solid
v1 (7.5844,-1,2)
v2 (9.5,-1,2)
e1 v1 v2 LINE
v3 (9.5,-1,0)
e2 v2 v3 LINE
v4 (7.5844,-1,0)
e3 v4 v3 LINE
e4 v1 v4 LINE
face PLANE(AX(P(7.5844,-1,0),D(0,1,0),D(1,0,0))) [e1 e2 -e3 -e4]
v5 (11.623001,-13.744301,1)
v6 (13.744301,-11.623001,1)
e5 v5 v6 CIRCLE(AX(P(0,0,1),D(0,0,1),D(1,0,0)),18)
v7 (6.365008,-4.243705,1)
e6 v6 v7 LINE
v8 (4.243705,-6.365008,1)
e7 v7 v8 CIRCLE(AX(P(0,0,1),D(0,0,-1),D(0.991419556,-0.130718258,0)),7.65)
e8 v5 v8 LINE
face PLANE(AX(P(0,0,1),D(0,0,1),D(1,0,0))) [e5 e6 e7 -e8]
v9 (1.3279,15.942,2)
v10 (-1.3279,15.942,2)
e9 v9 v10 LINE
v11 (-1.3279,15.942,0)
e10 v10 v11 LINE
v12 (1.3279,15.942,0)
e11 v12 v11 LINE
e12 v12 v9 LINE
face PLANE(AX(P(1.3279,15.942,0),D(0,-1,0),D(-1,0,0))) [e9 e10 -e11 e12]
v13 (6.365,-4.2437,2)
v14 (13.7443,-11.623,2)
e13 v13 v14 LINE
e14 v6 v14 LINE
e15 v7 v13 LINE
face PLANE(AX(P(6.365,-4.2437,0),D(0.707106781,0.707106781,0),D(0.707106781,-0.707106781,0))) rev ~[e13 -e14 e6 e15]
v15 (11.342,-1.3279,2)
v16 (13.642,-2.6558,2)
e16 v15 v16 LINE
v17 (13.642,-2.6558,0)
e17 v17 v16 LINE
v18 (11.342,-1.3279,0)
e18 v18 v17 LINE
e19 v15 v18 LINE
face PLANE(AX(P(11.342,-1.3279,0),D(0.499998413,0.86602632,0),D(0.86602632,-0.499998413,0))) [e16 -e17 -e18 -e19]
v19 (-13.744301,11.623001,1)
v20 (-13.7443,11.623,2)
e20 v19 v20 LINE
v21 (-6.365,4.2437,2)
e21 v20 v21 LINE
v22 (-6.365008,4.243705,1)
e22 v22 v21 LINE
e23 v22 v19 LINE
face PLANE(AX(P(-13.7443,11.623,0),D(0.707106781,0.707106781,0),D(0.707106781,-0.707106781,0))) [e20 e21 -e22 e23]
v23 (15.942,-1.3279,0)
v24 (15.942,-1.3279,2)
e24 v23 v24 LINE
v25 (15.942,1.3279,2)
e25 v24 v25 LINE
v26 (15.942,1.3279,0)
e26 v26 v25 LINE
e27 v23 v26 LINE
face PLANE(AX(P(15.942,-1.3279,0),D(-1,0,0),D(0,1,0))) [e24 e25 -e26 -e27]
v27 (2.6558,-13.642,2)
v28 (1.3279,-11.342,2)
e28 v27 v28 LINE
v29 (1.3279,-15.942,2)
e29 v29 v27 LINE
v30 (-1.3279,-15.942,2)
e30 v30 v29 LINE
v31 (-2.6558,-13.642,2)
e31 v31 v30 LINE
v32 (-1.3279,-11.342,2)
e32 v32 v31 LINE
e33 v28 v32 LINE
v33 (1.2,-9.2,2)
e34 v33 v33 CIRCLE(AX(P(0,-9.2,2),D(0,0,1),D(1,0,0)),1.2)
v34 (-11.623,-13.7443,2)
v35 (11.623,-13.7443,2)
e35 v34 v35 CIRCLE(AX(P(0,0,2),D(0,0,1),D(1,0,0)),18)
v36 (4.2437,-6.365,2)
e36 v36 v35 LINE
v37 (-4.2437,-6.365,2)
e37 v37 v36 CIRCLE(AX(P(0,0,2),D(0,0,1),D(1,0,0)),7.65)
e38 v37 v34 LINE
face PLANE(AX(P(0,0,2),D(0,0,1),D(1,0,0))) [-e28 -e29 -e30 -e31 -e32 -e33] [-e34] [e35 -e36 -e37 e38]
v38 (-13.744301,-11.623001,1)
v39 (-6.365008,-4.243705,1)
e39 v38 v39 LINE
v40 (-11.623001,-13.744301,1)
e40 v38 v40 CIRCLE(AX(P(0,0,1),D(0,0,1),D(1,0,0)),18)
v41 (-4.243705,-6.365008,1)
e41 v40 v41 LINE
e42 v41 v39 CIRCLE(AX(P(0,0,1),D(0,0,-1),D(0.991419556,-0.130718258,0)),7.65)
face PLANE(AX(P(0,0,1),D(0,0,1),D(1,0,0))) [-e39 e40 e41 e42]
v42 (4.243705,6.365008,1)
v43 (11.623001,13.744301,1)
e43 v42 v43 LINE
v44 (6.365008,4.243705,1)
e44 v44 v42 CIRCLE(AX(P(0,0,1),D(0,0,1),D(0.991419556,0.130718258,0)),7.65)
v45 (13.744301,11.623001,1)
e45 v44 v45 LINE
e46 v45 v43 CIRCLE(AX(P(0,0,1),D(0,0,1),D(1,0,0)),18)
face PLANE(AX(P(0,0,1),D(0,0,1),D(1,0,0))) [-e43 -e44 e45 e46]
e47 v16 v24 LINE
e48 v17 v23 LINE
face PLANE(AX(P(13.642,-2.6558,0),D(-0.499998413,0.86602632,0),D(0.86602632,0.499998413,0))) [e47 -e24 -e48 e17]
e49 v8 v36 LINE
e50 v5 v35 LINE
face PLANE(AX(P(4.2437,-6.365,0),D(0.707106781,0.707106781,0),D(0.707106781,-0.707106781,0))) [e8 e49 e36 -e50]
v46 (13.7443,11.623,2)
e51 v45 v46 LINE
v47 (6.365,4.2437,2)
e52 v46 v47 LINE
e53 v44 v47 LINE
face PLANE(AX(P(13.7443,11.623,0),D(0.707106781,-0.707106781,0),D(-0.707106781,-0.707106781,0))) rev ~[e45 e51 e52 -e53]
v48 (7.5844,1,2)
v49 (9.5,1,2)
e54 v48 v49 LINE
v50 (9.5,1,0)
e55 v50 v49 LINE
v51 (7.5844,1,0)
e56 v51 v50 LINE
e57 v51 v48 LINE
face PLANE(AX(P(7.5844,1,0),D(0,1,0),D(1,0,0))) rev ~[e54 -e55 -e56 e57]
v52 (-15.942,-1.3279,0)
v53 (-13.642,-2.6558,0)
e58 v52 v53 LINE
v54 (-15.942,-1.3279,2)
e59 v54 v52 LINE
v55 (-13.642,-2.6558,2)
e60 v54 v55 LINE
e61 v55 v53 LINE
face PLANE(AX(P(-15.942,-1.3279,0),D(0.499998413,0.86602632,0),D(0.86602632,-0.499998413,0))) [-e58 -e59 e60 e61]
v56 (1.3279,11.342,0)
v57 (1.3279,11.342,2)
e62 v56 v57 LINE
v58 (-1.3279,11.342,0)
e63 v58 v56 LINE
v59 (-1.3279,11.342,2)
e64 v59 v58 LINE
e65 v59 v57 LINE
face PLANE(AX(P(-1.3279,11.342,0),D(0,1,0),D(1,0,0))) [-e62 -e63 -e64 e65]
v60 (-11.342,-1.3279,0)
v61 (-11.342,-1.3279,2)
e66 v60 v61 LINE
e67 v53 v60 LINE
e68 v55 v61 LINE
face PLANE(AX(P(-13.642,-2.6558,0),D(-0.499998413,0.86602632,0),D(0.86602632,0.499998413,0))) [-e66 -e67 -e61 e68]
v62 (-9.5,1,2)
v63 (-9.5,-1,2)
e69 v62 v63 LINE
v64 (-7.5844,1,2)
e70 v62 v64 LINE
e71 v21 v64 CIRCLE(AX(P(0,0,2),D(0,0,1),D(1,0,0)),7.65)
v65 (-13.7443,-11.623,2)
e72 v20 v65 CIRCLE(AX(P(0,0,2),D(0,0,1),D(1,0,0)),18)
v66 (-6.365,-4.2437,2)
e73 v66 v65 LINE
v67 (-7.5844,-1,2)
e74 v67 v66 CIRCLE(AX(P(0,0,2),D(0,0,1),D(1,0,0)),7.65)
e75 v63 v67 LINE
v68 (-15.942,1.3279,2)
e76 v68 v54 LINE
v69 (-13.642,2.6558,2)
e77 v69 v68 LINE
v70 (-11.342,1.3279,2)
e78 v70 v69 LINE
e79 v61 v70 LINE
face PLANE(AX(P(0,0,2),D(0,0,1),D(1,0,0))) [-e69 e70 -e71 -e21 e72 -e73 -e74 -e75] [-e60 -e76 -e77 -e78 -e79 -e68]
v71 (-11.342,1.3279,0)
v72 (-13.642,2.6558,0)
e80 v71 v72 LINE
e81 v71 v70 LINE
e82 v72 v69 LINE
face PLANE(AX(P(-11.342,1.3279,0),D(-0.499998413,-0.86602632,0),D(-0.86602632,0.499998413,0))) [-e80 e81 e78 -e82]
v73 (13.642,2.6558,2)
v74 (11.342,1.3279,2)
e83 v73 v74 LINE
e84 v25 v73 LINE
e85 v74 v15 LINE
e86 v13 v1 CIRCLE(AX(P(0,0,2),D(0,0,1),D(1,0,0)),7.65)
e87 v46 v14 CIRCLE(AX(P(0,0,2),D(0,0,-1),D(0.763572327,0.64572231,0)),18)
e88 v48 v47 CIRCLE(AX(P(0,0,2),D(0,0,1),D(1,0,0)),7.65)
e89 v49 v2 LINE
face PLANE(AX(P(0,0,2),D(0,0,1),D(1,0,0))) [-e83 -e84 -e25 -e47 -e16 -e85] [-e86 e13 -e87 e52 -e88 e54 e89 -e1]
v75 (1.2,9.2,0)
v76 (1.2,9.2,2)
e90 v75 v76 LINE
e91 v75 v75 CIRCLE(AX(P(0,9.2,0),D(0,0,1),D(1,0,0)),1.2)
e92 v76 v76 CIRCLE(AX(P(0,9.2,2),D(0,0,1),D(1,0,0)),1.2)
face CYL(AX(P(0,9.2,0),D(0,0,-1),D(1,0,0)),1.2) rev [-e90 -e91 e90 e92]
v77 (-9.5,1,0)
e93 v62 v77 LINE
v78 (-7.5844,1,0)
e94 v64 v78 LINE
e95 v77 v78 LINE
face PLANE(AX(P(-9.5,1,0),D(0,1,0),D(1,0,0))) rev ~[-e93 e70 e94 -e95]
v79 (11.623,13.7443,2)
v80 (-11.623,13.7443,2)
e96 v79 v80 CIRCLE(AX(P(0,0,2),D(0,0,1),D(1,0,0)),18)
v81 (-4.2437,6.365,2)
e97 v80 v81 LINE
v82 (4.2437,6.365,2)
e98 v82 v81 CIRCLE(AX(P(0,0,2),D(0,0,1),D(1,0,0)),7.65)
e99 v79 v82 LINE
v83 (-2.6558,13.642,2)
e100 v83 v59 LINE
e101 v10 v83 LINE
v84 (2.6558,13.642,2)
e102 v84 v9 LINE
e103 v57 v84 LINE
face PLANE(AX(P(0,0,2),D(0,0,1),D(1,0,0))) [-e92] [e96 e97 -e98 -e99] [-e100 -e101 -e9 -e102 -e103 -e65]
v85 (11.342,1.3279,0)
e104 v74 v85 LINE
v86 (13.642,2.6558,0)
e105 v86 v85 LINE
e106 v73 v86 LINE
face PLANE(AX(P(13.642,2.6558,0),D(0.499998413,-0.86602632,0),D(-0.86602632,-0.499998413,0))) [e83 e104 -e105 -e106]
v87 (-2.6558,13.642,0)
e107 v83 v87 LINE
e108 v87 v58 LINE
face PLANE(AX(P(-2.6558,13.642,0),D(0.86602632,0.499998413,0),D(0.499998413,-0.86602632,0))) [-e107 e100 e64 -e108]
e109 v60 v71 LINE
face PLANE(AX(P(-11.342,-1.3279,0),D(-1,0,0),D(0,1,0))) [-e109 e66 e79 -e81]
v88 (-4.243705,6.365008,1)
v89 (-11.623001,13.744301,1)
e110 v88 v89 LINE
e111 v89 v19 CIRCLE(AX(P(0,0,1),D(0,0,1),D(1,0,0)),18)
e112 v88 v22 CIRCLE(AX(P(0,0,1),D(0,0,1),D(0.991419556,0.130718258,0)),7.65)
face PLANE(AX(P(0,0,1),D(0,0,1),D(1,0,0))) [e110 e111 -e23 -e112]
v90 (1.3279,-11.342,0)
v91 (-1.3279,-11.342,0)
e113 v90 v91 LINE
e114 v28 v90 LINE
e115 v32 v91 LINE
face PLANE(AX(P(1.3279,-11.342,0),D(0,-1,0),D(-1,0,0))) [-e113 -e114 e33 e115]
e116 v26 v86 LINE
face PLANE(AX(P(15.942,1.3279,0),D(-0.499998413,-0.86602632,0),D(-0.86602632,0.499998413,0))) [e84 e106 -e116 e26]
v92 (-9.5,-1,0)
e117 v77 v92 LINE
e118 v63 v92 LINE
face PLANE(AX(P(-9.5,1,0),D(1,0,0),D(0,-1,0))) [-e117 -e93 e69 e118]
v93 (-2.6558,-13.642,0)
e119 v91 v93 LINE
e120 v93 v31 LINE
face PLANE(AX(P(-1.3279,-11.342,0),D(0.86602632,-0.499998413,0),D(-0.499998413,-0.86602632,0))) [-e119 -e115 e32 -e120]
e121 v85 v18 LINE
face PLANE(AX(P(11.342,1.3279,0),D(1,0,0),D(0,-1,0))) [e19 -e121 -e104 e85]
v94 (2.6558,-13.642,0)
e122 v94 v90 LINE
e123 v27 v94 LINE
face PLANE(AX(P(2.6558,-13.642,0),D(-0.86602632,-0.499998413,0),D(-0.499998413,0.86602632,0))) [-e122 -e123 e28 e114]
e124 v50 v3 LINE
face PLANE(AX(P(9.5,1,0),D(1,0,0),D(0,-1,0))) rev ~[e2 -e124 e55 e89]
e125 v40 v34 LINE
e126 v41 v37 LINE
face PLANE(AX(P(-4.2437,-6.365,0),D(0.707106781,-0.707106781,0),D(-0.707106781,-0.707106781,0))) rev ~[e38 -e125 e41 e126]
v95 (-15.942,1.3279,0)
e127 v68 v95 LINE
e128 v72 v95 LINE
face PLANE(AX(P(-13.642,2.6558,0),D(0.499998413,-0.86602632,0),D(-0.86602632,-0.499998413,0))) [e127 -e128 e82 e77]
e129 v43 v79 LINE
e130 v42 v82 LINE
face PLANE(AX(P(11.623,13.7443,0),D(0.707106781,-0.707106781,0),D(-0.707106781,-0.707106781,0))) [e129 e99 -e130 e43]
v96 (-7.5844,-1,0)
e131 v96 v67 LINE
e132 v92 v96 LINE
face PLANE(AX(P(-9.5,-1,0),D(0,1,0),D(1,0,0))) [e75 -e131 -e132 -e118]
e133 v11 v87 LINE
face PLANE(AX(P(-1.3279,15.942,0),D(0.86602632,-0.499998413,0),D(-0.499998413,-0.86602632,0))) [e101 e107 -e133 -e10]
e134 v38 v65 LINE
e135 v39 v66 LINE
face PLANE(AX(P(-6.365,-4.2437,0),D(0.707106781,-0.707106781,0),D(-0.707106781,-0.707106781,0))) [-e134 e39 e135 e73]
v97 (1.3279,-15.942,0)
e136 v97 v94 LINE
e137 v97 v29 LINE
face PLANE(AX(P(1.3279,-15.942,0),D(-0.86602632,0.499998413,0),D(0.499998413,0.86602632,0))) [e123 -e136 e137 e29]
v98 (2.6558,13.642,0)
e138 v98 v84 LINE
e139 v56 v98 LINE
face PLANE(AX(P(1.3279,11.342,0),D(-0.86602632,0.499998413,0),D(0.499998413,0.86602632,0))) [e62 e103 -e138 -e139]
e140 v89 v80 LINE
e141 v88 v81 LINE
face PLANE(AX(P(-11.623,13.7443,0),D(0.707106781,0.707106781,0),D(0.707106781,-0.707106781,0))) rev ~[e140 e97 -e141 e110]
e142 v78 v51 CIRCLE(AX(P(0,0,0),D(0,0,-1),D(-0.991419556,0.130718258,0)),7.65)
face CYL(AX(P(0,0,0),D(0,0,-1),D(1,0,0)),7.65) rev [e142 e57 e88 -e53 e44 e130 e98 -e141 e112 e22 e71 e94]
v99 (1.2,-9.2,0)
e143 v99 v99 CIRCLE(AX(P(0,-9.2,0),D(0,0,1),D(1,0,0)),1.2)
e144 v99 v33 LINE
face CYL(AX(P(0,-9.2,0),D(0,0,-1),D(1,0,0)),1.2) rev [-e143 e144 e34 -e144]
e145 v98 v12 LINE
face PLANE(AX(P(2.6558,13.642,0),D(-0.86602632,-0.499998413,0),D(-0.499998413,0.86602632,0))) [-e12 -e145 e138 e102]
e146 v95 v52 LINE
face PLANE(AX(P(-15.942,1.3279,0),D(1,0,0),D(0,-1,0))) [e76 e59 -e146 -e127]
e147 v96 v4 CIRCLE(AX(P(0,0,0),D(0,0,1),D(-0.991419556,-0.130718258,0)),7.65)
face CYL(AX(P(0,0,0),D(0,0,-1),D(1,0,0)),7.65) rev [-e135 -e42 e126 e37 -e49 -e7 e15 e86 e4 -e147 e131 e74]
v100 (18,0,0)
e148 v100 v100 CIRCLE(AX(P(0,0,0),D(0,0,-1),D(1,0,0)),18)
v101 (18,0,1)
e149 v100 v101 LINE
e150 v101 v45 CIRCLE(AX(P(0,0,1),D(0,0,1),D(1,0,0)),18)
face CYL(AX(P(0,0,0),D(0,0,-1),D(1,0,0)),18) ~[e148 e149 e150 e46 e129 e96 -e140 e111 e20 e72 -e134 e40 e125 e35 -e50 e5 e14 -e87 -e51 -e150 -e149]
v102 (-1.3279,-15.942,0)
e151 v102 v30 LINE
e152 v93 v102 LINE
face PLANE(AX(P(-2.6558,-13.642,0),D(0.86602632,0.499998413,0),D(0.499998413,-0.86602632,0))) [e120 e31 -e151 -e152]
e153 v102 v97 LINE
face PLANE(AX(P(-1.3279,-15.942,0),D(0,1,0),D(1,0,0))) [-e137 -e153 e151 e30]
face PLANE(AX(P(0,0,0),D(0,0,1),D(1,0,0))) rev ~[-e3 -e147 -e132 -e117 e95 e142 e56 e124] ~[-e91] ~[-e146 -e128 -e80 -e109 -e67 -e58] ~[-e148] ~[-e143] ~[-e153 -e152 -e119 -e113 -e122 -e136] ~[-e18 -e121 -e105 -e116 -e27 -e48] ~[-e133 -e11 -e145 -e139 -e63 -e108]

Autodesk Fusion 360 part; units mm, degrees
sketch "Skizze1" plane through (0, 0, 0) normal (0, 0, 1) x (1, 0, 0)
  line L0 (-52.7529, 0) -> (57.0438, 0) construction
  line L1 (0, 51.8694) -> (0, -58.6844) construction
  circle A0 centre (0, 0) radius 7.65
  circle A1 centre (0, 0) radius 18
  circle A2 centre (0, 0) radius 9.2 construction
  circle A3 centre (0, 9.2) radius 1.2
  circle A4 centre (0, -9.2) radius 1.2
  line L2 (-14.9273, 14.9273) -> (19.3405, -19.3405) construction
  line L3 (16.2492, 16.2492) -> (-21.9212, -21.9212) construction
  circle A5 centre (0, 0) radius 13.642 construction
  line L4 (-1.3279, 15.942) -> (-2.6558, 13.642)
  line L5 (-2.6558, 13.642) -> (-1.3279, 11.342)
  line L6 (-1.3279, 11.342) -> (1.3279, 11.342)
  line L7 (1.3279, 11.342) -> (2.6558, 13.642)
  line L8 (2.6558, 13.642) -> (1.3279, 15.942)
  line L9 (1.3279, 15.942) -> (-1.3279, 15.942)
  line L10 (-15.942, -1.3279) -> (-13.642, -2.6558)
  line L11 (-13.642, -2.6558) -> (-11.342, -1.3279)
  line L12 (-11.342, -1.3279) -> (-11.342, 1.3279)
  line L13 (-11.342, 1.3279) -> (-13.642, 2.6558)
  line L14 (-13.642, 2.6558) -> (-15.942, 1.3279)
  line L15 (-15.942, 1.3279) -> (-15.942, -1.3279)
  line L16 (1.3279, -15.942) -> (2.6558, -13.642)
  line L17 (2.6558, -13.642) -> (1.3279, -11.342)
  line L18 (1.3279, -11.342) -> (-1.3279, -11.342)
  line L19 (-1.3279, -11.342) -> (-2.6558, -13.642)
  line L20 (-2.6558, -13.642) -> (-1.3279, -15.942)
  line L21 (-1.3279, -15.942) -> (1.3279, -15.942)
  line L22 (15.942, 1.3279) -> (13.642, 2.6558)
  line L23 (13.642, 2.6558) -> (11.342, 1.3279)
  line L24 (11.342, 1.3279) -> (11.342, -1.3279)
  line L25 (11.342, -1.3279) -> (13.642, -2.6558)
  line L26 (13.642, -2.6558) -> (15.942, -1.3279)
  line L27 (15.942, -1.3279) -> (15.942, 1.3279)
  line L28 (-9.5, 1) -> (-7.5844, 1)
  line L29 (-9.5, -1) -> (-7.5844, -1)
  line L30 (-9.5, 1) -> (-9.5, -1)
  line L31 (9.5, 1) -> (9.5, -1)
  line L32 (7.5844, -1) -> (9.5, -1)
  line L33 (7.5844, 1) -> (9.5, 1)
  line L34 (-6.365, -4.2437) -> (-13.7443, -11.623)
  line L35 (-4.2437, -6.365) -> (-11.623, -13.7443)
  line L36 (-11.623, 13.7443) -> (-4.2437, 6.365)
  line L37 (-13.7443, 11.623) -> (-6.365, 4.2437)
  line L38 (11.623, 13.7443) -> (4.2437, 6.365)
  line L39 (13.7443, 11.623) -> (6.365, 4.2437)
  line L40 (6.365, -4.2437) -> (13.7443, -11.623)
  line L41 (4.2437, -6.365) -> (11.623, -13.7443)
  point P0 (0, 9.2)
  point P1 (0, -9.2)
  point P2 (0, -13.642)
  point P3 (-13.642, 0)
  point P4 (0, 13.642)
  point P5 (13.642, 0)
  point P6 (0, 13.642)
  point P7 (-13.642, 0)
  point P8 (0, -13.642)
  point P9 (13.642, 0)
  dimension "d1" = 15.3
  dimension "d3" = 36
  dimension "d4" = 18.4
  dimension "d5" = 2.4
  dimension "d6" = 2.4
  dimension "d7" = 45
  dimension "d8" = 45
  dimension "d17" = 27.284
  dimension "d18" = 4.6
  dimension "d19" = 4.6
  dimension "d20" = 4.6
  dimension "d21" = 4.6
  dimension "d26" = 1
  dimension "d27" = 1
  dimension "d28" = 9.5
  dimension "d29" = 9.5
  dimension "d30" = 1
  dimension "d31" = 1
  dimension "d32" = 1.5
  dimension "d33" = 1.5
  dimension "d34" = 1.5
  dimension "d35" = 1.5
  dimension "d36" = 1.5
  dimension "d37" = 1.5
  dimension "d38" = 1.5
  dimension "d39" = 1.5
extrude "Extrusion1" add sketch "Skizze1" along normal blind 1 contours A0 A1 L31 L32 L33 L39 L40 | A0 A1 L38 L39 | A0 A1 L40 L41 | A0 A1 L36 L38 | A0 A1 L35 L41 | A0 A1 L36 L37 | A0 A1 L34 L35 | A0 A1 L28 L29 L30 L34 L37
extrude "Extrusion2" add sketch "Skizze1" along normal blind 2 contours A0 A1 L31 L32 L33 L39 L40 | A0 A1 L36 L38 | A0 A1 L35 L41 | A0 A1 L28 L29 L30 L34 L37
